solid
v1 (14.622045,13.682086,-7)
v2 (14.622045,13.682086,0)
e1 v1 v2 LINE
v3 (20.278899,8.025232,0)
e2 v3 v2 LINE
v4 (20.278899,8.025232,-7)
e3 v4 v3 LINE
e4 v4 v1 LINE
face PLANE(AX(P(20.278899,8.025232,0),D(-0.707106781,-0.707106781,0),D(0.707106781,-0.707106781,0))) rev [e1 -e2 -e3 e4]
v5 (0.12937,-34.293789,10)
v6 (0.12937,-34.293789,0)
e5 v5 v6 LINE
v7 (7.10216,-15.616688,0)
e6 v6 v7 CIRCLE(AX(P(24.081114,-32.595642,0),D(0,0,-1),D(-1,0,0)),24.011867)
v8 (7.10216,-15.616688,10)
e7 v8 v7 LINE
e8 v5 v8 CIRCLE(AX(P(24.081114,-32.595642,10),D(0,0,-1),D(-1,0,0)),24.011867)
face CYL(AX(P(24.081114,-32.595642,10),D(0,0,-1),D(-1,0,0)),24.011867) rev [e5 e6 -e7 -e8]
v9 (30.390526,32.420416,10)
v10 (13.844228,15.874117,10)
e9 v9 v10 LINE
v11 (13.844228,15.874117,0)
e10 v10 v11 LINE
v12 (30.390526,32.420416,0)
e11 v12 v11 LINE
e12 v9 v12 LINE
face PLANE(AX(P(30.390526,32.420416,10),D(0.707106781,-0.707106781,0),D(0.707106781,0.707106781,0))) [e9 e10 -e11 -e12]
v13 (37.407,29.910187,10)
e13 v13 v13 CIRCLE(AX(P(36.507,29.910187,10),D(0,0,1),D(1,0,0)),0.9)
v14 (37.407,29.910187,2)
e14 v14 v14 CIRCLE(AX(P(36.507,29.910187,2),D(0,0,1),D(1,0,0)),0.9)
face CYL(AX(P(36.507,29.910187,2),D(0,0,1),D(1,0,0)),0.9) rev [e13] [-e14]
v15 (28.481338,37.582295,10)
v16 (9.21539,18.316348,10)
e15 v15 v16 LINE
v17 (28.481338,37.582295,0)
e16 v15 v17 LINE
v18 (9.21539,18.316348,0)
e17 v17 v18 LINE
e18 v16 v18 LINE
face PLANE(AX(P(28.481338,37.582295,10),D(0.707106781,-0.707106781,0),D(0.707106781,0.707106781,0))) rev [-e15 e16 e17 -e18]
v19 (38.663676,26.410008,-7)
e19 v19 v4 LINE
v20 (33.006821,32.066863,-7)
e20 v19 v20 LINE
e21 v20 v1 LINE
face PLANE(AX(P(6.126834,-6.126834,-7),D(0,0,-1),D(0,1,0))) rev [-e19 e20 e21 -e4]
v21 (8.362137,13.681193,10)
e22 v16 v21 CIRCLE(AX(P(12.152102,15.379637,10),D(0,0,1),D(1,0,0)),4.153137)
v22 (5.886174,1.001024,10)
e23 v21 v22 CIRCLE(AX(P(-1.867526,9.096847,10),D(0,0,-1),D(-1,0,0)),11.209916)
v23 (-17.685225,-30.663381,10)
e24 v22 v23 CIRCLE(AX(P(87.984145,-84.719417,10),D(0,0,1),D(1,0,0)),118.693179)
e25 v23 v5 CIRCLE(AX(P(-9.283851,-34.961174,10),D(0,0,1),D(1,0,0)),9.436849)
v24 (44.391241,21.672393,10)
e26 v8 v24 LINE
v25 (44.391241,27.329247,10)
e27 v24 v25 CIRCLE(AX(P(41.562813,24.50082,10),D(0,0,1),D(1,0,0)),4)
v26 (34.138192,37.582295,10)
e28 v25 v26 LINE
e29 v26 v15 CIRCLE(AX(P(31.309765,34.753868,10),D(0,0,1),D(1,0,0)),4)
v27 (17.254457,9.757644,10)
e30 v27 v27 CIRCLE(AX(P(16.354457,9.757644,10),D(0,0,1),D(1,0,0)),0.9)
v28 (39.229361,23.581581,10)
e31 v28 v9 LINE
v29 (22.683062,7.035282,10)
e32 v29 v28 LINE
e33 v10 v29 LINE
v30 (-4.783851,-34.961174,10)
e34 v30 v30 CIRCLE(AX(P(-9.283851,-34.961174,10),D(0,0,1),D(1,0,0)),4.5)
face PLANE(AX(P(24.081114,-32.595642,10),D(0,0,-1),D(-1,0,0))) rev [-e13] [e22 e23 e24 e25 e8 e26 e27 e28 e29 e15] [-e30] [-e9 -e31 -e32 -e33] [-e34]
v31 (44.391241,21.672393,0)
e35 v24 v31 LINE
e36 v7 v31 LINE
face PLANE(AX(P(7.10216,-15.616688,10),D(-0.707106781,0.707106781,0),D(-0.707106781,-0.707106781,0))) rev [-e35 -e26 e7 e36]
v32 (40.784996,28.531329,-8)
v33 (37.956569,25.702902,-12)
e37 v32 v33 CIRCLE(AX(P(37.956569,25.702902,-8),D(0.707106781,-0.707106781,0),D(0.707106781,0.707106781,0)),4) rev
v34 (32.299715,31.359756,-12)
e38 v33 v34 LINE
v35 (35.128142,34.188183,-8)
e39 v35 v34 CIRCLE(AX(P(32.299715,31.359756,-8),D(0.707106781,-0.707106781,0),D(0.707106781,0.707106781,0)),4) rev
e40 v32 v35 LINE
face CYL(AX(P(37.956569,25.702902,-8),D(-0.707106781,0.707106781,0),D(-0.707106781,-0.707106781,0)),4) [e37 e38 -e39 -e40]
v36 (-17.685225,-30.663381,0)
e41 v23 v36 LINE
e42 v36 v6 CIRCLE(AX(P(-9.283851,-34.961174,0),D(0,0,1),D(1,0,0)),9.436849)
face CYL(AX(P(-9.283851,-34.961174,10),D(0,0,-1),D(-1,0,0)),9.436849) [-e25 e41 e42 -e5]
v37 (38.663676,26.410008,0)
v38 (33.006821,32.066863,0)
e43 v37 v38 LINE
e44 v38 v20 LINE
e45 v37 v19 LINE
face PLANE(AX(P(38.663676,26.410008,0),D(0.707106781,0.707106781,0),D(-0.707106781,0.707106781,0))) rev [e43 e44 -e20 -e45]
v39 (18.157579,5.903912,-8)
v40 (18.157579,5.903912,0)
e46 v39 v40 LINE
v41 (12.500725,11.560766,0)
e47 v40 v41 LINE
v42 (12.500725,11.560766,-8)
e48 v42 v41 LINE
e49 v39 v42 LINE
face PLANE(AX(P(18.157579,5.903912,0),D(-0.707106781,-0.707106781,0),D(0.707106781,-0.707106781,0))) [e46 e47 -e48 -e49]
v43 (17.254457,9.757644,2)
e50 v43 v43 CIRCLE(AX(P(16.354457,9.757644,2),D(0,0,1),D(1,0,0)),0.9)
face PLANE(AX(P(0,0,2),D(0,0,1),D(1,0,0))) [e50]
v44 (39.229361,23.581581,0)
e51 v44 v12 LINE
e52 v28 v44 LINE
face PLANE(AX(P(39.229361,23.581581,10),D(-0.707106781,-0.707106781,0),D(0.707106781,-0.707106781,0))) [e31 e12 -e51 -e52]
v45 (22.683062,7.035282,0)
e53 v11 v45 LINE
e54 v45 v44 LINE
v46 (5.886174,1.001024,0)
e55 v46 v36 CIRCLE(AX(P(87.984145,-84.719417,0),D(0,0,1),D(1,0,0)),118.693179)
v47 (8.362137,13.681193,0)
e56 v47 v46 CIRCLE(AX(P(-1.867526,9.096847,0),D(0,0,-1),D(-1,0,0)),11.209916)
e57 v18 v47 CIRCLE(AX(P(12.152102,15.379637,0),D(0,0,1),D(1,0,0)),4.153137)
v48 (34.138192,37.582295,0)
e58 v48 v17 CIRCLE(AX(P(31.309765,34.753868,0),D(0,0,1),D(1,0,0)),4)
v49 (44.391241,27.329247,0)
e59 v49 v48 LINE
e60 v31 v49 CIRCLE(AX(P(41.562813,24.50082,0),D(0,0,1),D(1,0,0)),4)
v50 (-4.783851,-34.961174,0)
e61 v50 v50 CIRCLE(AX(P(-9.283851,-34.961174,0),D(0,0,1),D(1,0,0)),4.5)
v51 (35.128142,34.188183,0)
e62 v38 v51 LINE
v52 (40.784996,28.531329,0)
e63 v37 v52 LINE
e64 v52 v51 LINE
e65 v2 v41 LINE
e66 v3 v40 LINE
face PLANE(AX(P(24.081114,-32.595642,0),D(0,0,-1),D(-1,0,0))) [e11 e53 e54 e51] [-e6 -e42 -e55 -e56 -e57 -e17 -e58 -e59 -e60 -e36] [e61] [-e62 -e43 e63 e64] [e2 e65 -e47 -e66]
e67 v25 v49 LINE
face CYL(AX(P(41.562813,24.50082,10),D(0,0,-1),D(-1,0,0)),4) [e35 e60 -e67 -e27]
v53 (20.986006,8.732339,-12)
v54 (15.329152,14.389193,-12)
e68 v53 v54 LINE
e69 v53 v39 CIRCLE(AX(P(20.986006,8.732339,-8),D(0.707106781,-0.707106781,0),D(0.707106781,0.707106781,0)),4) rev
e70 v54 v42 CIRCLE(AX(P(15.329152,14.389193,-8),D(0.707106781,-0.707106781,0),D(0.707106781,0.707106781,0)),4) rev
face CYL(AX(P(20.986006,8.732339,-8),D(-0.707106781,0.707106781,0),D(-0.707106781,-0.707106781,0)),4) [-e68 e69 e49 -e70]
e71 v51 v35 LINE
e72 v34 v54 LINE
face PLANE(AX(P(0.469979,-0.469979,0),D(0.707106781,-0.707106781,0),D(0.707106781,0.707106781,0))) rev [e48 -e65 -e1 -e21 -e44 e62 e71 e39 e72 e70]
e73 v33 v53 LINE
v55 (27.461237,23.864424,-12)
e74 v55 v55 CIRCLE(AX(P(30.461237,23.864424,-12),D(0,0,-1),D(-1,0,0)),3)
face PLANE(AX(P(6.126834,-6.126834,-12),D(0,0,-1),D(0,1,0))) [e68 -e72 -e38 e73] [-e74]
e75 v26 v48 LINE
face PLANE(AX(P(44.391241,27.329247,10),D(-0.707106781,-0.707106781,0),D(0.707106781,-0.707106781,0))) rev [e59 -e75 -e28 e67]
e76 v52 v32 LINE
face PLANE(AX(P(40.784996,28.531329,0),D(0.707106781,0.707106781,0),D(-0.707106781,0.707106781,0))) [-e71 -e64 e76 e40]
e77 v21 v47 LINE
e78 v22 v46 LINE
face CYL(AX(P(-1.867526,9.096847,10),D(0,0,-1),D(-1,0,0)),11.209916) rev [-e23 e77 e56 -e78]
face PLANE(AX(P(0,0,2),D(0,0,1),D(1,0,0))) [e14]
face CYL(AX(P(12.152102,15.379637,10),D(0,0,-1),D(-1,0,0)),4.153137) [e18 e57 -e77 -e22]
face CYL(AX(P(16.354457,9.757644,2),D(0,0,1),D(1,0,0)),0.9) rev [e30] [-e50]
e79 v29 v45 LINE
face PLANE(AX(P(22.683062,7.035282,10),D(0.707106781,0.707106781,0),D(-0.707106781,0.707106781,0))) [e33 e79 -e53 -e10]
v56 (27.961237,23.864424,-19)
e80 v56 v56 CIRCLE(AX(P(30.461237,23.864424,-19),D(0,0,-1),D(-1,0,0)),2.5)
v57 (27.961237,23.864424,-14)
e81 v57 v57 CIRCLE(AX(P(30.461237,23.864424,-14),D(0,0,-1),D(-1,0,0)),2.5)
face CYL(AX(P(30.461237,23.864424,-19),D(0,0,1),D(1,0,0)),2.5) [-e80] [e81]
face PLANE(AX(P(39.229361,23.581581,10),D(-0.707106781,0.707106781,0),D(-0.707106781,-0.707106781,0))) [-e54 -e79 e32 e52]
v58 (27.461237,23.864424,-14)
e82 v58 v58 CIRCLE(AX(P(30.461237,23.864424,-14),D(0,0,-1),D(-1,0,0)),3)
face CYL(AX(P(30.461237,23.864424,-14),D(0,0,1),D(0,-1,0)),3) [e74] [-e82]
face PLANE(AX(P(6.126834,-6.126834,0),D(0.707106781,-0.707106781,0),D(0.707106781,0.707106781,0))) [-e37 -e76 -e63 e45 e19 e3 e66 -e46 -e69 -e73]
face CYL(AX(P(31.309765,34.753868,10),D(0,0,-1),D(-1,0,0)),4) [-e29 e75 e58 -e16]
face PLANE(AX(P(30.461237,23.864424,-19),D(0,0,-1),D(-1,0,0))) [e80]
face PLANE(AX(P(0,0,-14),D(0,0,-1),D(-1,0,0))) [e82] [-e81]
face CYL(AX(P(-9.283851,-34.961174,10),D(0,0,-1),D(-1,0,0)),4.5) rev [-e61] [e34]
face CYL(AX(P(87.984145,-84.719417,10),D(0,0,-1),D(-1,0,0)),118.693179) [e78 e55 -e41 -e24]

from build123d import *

# Parameters (mm, degrees)
SKETCH_2_R          = 4.5
EXTRUDE_1_DEPTH     = 10
EXTRUDE_2_DEPTH     = 4
SKETCH_5_R          = 3
EXTRUDE_3_DEPTH     = 2
SKETCH_6_R          = 0.9
CUT_EXTRUDE_1_DEPTH = 8
SKETCH_7_R          = 2.5
EXTRUDE_4_DEPTH     = 5


with BuildPart() as part:
    # 草图2 → 凸台-拉伸1 (new body)
    with BuildSketch(Plane.XY):
        with BuildLine():
            Line((7.102160211, -15.616687508), (44.391240582, 21.672392863))
            ThreePointArc((44.391240582, 21.672392863), (45.562813457, 24.500819988), (44.391240582, 27.329247112))
            Line((44.391240582, 27.329247112), (34.138192255, 37.58229544))
            ThreePointArc((34.138192255, 37.58229544), (31.30976513, 38.753868315), (28.481338005, 37.58229544))
            Line((28.481338005, 37.58229544), (9.215390399, 18.316347834))
            ThreePointArc((9.215390399, 18.316347834), (8.067593218, 16.131525495), (8.362136672, 13.681192624))
            ThreePointArc((8.362136672, 13.681192624), (9.134610316, 6.948541986), (5.886174479, 1.001024456))
            ThreePointArc((5.886174479, 1.001024456), (-7.225109998, -13.84439598), (-17.685225472, -30.663381468))
            ThreePointArc((-17.685225472, -30.663381468), (-11.168239652, -44.207967845), (0.129369861, -34.293788928))
            ThreePointArc((0.129369861, -34.293788928), (1.585802578, -24.197384934), (7.102160211, -15.616687508))
        make_face()
        with Locations((-9.283850525, -34.961173895)):
            Circle(SKETCH_2_R, mode=Mode.SUBTRACT)
        Polygon((39.229361079, 23.581581172), (22.6830624, 7.035282492), (13.844227635, 15.874117257), (30.390526315, 32.420415937), align=None, mode=Mode.SUBTRACT)
    extrude(amount=EXTRUDE_1_DEPTH)

    # 草图4 → 凸台-拉伸2 (add, symmetric)
    with BuildSketch(Plane(origin=(3.298406554, -3.298406554, 0), x_dir=(0, 0, -1), z_dir=(0.7071067811865492, -0.7071067811865458, 0))):
        with BuildLine():
            Line((0, 49.014043199), (0, 46.014043199))
            Line((0, 46.014043199), (7, 46.014043199))
            Line((7, 46.014043199), (7, 20.014043199))
            Line((7, 20.014043199), (0, 20.014043199))
            Line((0, 20.014043199), (0, 17.014043199))
            Line((0, 17.014043199), (8, 17.014043199))
            ThreePointArc((8, 17.014043199), (10.828427125, 18.185616074), (12, 21.014043199))
            Line((12, 21.014043199), (12, 45.014043199))
            ThreePointArc((12, 45.014043199), (10.828427125, 47.842470323), (8, 49.014043199))
            Line((8, 49.014043199), (0, 49.014043199))
        make_face()
    extrude(amount=EXTRUDE_2_DEPTH, both=True)

    # 草图5 → 凸台-拉伸3 (add)
    with BuildSketch(Plane(origin=(0, 0, -12), x_dir=(-1, 0, 0), z_dir=(0, 0, -1))):
        with Locations((-30.461236993, 23.864423885)):
            Circle(SKETCH_5_R)
    extrude(amount=EXTRUDE_3_DEPTH)

    # 草图6 → 切除-拉伸1 (cut)
    with BuildSketch(Plane.XY.offset(10)):
        with Locations((16.354456708, 9.7576436)):
            Circle(SKETCH_6_R)
        with Locations((36.506999972, 29.910186864)):
            Circle(SKETCH_6_R)
    extrude(amount=-CUT_EXTRUDE_1_DEPTH, mode=Mode.SUBTRACT)

    # 草图7 → 凸台-拉伸4 (add)
    with BuildSketch(Plane(origin=(0, 0, -14), x_dir=(-1, 0, 0), z_dir=(0, 0, -1))):
        with Locations((-30.461236993, 23.864423885)):
            Circle(SKETCH_7_R)
    extrude(amount=EXTRUDE_4_DEPTH)


solid = part.part
